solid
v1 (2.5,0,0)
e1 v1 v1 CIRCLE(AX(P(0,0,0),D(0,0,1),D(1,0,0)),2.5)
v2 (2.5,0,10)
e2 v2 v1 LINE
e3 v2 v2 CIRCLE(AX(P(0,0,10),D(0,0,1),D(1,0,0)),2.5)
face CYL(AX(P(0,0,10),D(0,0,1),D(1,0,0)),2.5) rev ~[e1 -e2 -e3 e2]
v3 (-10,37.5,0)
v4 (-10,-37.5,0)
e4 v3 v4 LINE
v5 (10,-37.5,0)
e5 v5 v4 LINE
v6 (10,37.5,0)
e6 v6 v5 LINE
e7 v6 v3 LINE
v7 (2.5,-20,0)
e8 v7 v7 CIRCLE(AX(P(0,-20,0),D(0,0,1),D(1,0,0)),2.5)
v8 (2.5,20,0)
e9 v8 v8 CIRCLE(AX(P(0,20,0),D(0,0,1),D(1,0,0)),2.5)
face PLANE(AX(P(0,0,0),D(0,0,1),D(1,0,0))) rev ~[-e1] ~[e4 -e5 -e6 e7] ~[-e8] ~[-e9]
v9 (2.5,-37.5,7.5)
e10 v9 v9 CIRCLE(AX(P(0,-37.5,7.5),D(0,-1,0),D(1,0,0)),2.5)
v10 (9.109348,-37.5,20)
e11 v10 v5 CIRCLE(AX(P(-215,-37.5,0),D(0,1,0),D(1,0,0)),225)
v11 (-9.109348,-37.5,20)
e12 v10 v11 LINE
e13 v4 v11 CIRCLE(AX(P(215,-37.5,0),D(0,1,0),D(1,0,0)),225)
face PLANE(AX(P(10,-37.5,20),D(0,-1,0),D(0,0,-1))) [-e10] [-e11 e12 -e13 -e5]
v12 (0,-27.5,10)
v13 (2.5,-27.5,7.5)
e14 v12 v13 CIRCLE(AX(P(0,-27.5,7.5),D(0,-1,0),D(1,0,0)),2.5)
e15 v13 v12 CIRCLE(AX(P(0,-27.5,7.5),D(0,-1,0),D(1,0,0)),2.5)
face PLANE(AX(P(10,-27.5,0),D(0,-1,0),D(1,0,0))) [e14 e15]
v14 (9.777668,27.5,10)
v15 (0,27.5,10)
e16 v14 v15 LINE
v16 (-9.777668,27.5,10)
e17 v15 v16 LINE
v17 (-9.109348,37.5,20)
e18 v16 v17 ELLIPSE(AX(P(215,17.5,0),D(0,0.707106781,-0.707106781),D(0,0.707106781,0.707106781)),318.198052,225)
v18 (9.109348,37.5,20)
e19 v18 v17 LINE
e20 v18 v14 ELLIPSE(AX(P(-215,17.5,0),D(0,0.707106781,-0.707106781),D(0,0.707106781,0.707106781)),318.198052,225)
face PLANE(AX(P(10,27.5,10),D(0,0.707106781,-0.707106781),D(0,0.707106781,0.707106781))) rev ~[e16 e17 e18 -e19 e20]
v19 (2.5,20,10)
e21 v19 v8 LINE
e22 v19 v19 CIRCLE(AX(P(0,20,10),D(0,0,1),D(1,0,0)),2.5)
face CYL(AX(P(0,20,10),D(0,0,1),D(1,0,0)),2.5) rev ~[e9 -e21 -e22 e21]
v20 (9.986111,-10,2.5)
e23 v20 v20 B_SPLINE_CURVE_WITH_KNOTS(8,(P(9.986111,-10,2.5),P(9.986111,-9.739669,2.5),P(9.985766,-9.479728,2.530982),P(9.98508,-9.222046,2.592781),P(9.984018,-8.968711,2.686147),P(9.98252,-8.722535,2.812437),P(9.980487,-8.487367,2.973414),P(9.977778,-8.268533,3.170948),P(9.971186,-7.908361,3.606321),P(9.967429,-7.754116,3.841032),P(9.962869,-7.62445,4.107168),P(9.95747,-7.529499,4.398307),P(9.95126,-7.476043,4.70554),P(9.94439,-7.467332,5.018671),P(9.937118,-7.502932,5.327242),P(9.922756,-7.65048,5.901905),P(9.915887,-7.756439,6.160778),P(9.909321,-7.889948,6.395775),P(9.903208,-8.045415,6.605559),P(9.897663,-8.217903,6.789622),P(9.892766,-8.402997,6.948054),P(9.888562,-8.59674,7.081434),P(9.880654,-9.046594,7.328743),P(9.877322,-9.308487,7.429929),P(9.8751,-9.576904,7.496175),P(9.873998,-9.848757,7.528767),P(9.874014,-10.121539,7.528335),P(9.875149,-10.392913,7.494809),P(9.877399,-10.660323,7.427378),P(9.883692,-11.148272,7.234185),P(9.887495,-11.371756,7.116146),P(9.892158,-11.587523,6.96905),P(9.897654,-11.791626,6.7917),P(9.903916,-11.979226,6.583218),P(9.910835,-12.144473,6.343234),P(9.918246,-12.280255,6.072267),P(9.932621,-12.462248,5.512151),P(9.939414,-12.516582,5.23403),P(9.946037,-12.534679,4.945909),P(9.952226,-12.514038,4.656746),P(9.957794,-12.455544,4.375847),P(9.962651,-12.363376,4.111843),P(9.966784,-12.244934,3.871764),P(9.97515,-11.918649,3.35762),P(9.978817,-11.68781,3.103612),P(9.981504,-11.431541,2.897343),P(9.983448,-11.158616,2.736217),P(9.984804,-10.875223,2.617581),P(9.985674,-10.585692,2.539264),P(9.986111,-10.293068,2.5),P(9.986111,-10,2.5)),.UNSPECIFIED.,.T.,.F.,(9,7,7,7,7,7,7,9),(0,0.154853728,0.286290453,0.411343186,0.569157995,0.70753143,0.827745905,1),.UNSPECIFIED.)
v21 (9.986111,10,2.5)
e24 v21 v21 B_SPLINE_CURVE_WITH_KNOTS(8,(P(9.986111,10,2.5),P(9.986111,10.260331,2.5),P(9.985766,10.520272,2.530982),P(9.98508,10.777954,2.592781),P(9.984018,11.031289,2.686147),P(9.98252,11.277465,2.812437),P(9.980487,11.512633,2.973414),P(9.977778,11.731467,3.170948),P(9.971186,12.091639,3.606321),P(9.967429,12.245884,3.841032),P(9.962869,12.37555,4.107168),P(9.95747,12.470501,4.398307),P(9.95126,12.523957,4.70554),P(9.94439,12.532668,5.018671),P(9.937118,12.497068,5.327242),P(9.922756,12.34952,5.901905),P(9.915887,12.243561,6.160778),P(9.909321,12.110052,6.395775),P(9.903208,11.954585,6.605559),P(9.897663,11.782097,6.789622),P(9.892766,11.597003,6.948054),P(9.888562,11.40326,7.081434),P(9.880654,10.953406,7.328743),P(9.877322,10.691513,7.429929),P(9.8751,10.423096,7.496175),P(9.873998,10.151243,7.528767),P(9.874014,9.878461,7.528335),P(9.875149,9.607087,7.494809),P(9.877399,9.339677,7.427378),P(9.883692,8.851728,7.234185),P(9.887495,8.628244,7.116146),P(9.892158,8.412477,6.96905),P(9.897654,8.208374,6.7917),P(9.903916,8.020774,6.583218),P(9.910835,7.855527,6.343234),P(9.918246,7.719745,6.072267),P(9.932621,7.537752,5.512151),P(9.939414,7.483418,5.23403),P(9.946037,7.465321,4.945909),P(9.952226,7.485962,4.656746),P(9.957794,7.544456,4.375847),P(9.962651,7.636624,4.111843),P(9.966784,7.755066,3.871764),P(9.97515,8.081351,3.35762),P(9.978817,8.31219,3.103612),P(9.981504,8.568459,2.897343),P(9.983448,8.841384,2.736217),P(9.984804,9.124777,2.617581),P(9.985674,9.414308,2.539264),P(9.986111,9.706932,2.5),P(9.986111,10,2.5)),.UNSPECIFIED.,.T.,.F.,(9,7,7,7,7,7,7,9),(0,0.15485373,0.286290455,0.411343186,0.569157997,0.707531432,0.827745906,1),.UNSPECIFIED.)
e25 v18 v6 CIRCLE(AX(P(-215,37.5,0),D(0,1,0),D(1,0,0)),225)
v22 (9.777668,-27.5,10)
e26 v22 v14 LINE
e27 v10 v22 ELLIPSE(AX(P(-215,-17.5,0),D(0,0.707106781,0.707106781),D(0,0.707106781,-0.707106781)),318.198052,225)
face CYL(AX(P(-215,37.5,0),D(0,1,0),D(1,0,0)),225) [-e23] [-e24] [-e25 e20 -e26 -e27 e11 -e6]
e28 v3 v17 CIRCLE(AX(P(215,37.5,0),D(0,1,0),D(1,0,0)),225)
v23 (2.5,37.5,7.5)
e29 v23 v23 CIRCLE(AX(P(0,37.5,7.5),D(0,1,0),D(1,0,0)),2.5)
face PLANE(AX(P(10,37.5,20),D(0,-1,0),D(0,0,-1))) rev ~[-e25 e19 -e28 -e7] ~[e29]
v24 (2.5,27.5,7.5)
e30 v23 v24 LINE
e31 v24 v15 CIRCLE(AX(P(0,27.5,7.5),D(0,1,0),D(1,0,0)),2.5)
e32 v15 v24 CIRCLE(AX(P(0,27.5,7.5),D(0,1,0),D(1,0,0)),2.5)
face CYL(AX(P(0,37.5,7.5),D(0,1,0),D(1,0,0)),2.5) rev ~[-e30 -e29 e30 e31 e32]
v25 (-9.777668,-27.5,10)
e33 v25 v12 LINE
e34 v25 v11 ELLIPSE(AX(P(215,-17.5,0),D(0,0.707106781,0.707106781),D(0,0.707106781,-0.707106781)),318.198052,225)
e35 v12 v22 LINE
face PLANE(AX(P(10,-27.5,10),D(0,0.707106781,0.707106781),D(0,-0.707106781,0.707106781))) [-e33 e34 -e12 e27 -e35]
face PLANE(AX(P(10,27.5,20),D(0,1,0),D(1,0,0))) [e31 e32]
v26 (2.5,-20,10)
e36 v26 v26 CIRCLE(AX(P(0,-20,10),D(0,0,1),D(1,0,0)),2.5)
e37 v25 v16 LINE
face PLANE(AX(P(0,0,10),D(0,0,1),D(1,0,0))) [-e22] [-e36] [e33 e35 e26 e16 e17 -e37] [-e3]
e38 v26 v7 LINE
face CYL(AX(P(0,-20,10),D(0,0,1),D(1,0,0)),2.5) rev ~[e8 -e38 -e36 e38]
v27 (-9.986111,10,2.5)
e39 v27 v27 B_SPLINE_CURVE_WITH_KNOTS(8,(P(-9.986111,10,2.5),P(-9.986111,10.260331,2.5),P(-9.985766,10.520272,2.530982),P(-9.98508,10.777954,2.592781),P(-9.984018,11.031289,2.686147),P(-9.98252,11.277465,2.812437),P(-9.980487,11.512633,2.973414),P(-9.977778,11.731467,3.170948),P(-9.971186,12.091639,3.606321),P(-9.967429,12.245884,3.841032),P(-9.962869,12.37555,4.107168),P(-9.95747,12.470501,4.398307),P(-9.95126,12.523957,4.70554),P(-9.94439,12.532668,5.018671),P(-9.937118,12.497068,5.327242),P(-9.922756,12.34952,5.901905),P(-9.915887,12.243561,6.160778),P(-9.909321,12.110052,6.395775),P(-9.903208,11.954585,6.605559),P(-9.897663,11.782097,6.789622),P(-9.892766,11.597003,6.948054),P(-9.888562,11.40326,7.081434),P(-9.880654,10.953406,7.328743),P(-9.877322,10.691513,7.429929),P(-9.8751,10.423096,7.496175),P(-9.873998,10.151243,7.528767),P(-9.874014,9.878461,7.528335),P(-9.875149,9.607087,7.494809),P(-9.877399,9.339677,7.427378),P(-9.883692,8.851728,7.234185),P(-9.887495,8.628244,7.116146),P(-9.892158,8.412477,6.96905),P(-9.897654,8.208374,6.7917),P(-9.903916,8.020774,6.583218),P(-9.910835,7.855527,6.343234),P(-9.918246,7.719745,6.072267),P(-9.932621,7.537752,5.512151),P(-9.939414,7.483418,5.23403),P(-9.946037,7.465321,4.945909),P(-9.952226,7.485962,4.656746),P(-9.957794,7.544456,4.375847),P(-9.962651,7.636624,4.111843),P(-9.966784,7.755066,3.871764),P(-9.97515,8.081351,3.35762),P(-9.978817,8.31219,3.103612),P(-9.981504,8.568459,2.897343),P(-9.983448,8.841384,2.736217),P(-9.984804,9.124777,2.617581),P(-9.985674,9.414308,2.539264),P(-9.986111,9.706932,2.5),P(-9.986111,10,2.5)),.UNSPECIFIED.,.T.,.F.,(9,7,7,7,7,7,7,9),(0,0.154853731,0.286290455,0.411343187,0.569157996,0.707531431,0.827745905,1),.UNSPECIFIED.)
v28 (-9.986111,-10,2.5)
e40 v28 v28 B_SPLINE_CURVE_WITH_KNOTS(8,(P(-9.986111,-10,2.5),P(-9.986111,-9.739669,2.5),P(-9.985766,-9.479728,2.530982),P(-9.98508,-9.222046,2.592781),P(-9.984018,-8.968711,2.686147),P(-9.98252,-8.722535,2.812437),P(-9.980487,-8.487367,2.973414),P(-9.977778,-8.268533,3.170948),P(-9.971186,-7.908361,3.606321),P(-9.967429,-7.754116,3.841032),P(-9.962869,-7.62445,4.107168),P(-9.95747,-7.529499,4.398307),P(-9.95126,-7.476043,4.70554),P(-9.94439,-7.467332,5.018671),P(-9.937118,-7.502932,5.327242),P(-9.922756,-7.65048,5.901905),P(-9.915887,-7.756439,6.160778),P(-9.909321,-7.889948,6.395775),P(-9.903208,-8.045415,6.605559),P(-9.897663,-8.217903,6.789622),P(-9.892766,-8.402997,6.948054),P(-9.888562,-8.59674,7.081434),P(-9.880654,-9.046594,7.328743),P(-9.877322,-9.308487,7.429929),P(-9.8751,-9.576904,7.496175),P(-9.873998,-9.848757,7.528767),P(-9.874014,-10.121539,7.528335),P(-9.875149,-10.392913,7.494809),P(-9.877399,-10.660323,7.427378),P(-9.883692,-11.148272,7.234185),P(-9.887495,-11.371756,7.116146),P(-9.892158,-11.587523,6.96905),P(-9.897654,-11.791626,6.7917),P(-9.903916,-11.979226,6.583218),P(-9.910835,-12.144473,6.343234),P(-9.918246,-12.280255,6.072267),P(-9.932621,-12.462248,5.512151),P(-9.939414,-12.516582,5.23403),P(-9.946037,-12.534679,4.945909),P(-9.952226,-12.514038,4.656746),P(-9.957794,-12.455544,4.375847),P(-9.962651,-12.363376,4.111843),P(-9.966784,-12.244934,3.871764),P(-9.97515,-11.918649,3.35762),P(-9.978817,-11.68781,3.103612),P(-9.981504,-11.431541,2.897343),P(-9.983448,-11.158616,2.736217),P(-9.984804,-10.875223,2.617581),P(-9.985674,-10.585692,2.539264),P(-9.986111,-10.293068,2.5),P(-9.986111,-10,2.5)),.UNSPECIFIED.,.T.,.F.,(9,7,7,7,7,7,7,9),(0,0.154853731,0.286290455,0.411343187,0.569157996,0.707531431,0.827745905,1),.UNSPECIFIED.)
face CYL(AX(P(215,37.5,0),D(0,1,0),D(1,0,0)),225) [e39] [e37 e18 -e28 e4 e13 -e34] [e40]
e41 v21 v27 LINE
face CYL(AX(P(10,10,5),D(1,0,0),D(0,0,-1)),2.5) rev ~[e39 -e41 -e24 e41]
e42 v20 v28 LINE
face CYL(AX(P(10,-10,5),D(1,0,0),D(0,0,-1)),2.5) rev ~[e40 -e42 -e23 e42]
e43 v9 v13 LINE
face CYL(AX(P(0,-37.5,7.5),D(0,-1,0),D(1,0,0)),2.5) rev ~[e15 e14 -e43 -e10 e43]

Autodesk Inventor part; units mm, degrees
ref_plane "YZ Plane" through (0, 0, 0) normal (1, 0, 0) x (0, 1, 0)
ref_plane "XZ Plane" through (0, 0, 0) normal (0, 1, 0) x (-1, 0, 0)
ref_plane "XY Plane" through (0, 0, 0) normal (0, 0, 1) x (1, 0, 0)
sketch "Sketch1" plane through (0, 0, 0) normal (0, 0, 1) x (1, 0, 0)
  line L0 (-10, -27.5) -> (10, -27.5)
  line L1 (10, -27.5) -> (10, 27.5)
  line L2 (10, 27.5) -> (-10, 27.5)
  line L3 (-10, 27.5) -> (-10, -27.5)
  line L4 (-10, -27.5) -> (10, 27.5) construction
  line L5 (10, -27.5) -> (-10, 27.5) construction
  point P0 (0, 0)
  dimension "d0" = 20
  dimension "d1" = 55
extrude "Extrusion1" add sketch "Sketch1" along normal blind 10
sketch "Sketch3" plane through (10, -27.5, 0) normal (1, 0, 0) x (0, 0, -1)
  line L0 (0, 0) -> (0, 55) construction
  line L1 (-10, 0) -> (-10, 55) projected
  line L2 (-10, 55) -> (-20, 65)
  line L3 (0, 55) -> (-10, 55)
  line L4 (-20, 65) -> (0, 65)
  line L5 (0, 65) -> (0, 55)
  line L6 (0, 27.5) -> (-50, 27.5) construction
  line L7 (-10, 0) -> (-20, -10)
  line L8 (0, 0) -> (-10, 0)
  line L9 (-20, -10) -> (0, -10)
  line L10 (0, -10) -> (0, 0)
  dimension "d8" = 20
  dimension "d12" = 10
  dimension "d13" = 50
extrude "Extrusion3" add sketch "Sketch3" against normal blind 20
sketch "Sketch4" plane through (0, 0, 10) normal (0, 0, 1) x (1, 0, 0)
  circle A0 centre (0, 20) radius 2.5
  circle A1 centre (0, 0) radius 2.5
  circle A2 centre (0, -20) radius 2.5
  dimension "d14" = 5
  dimension "d15" = 5
  dimension "d16" = 5
  dimension "d17" = 20
  dimension "d18" = 20
sketch "Sketch5" plane through (10, -37.5, 0) normal (0, -1, 0) x (1, 0, 0)
  circle A0 centre (-10, 7.5) radius 2.5
  circle A1 centre (-10, 7.5) radius 2.5
  point P0 (-10, 0)
  dimension "d19" = 5
  dimension "d20" = 7.5
  dimension "d35" = 5
extrude "Extrusion4" cut sketch "Sketch5" against normal blind 10
extrude "Extrusion5" cut sketch "Sketch4" against normal through all
thread "Thread1" size "M5x0.8" class "6H" standard "ANSI Metric M Profile" full length
thread "Thread2" size "M5x0.8" class "6H" standard "ANSI Metric M Profile" full length
thread "Thread3" size "M5x0.8" class "6H" standard "ANSI Metric M Profile" full length
thread "Thread4" size "M5x0.8" class "6H" standard "ANSI Metric M Profile" full length
thread "Thread5" size "M5x0.8" class "6H" standard "ANSI Metric M Profile" full length
sketch "Sketch6" plane through (10, 37.5, 20) normal (0, 1, 0) x (1, 0, 0)
  circle A0 centre (-10, 12.5) radius 2.5
  line L0 (0, 20) -> (0, 0) projected
  point P0 (-10, 20)
  dimension "d36" = 5
  dimension "d37" = 7.5
  dimension "d38" = 10
extrude "Extrusion6" cut sketch "Sketch6" against normal blind 10
thread "Thread6" size "M5x0.8" class "6H" standard "ANSI Metric M Profile" full length
sketch "Sketch7" plane through (10, 37.5, 20) normal (1, 0, 0) x (0, 0, -1)
  circle A0 centre (15, -27.5) radius 2.5
  circle A1 centre (15, -47.5) radius 2.5
  line L0 (20, -35) -> (20, -40) projected
  line L1 (10, -40) -> (10, -35) projected
  line L2 (20, -75) -> (20, 0) projected
  point P0 (20, -37.5)
  dimension "d43" = 5
  dimension "d44" = 5
  dimension "d45" = 20
  dimension "d46" = 7.5
  dimension "d47" = 5
  dimension "d48" = 5
extrude "Extrusion7" cut sketch "Sketch7" against normal through all
thread "Thread7" size "M5x0.8" class "6H" standard "ANSI Metric M Profile" full length
thread "Thread8" size "M5x0.8" class "6H" standard "ANSI Metric M Profile" full length
sketch "Sketch8" plane through (10, 37.5, 20) normal (0, 1, 0) x (1, 0, 0)
  circle A0 centre (-225, 20) radius 225
  line L0 (0, 20) -> (-20, 20) projected
  circle A1 centre (-225, 20) radius 230
  point P0 (-10, 20)
  point P1 (-10, 20)
  dimension "d55" = 450
  dimension "d56" = 5
extrude "Extrusion8" cut sketch "Sketch8" against normal through all
sketch "Sketch9" plane through (-10, 37.5, 20) normal (0, 1, 0) x (1, 0, 0)
  circle A0 centre (225, 20) radius 225
  circle A1 centre (225, 20) radius 230
  point P0 (10, 20)
  point P1 (0, 20)
  dimension "d59" = 450
  dimension "d60" = 5
extrude "Extrusion9" cut sketch "Sketch9" against normal through all
properties material "ABS Plastic"
